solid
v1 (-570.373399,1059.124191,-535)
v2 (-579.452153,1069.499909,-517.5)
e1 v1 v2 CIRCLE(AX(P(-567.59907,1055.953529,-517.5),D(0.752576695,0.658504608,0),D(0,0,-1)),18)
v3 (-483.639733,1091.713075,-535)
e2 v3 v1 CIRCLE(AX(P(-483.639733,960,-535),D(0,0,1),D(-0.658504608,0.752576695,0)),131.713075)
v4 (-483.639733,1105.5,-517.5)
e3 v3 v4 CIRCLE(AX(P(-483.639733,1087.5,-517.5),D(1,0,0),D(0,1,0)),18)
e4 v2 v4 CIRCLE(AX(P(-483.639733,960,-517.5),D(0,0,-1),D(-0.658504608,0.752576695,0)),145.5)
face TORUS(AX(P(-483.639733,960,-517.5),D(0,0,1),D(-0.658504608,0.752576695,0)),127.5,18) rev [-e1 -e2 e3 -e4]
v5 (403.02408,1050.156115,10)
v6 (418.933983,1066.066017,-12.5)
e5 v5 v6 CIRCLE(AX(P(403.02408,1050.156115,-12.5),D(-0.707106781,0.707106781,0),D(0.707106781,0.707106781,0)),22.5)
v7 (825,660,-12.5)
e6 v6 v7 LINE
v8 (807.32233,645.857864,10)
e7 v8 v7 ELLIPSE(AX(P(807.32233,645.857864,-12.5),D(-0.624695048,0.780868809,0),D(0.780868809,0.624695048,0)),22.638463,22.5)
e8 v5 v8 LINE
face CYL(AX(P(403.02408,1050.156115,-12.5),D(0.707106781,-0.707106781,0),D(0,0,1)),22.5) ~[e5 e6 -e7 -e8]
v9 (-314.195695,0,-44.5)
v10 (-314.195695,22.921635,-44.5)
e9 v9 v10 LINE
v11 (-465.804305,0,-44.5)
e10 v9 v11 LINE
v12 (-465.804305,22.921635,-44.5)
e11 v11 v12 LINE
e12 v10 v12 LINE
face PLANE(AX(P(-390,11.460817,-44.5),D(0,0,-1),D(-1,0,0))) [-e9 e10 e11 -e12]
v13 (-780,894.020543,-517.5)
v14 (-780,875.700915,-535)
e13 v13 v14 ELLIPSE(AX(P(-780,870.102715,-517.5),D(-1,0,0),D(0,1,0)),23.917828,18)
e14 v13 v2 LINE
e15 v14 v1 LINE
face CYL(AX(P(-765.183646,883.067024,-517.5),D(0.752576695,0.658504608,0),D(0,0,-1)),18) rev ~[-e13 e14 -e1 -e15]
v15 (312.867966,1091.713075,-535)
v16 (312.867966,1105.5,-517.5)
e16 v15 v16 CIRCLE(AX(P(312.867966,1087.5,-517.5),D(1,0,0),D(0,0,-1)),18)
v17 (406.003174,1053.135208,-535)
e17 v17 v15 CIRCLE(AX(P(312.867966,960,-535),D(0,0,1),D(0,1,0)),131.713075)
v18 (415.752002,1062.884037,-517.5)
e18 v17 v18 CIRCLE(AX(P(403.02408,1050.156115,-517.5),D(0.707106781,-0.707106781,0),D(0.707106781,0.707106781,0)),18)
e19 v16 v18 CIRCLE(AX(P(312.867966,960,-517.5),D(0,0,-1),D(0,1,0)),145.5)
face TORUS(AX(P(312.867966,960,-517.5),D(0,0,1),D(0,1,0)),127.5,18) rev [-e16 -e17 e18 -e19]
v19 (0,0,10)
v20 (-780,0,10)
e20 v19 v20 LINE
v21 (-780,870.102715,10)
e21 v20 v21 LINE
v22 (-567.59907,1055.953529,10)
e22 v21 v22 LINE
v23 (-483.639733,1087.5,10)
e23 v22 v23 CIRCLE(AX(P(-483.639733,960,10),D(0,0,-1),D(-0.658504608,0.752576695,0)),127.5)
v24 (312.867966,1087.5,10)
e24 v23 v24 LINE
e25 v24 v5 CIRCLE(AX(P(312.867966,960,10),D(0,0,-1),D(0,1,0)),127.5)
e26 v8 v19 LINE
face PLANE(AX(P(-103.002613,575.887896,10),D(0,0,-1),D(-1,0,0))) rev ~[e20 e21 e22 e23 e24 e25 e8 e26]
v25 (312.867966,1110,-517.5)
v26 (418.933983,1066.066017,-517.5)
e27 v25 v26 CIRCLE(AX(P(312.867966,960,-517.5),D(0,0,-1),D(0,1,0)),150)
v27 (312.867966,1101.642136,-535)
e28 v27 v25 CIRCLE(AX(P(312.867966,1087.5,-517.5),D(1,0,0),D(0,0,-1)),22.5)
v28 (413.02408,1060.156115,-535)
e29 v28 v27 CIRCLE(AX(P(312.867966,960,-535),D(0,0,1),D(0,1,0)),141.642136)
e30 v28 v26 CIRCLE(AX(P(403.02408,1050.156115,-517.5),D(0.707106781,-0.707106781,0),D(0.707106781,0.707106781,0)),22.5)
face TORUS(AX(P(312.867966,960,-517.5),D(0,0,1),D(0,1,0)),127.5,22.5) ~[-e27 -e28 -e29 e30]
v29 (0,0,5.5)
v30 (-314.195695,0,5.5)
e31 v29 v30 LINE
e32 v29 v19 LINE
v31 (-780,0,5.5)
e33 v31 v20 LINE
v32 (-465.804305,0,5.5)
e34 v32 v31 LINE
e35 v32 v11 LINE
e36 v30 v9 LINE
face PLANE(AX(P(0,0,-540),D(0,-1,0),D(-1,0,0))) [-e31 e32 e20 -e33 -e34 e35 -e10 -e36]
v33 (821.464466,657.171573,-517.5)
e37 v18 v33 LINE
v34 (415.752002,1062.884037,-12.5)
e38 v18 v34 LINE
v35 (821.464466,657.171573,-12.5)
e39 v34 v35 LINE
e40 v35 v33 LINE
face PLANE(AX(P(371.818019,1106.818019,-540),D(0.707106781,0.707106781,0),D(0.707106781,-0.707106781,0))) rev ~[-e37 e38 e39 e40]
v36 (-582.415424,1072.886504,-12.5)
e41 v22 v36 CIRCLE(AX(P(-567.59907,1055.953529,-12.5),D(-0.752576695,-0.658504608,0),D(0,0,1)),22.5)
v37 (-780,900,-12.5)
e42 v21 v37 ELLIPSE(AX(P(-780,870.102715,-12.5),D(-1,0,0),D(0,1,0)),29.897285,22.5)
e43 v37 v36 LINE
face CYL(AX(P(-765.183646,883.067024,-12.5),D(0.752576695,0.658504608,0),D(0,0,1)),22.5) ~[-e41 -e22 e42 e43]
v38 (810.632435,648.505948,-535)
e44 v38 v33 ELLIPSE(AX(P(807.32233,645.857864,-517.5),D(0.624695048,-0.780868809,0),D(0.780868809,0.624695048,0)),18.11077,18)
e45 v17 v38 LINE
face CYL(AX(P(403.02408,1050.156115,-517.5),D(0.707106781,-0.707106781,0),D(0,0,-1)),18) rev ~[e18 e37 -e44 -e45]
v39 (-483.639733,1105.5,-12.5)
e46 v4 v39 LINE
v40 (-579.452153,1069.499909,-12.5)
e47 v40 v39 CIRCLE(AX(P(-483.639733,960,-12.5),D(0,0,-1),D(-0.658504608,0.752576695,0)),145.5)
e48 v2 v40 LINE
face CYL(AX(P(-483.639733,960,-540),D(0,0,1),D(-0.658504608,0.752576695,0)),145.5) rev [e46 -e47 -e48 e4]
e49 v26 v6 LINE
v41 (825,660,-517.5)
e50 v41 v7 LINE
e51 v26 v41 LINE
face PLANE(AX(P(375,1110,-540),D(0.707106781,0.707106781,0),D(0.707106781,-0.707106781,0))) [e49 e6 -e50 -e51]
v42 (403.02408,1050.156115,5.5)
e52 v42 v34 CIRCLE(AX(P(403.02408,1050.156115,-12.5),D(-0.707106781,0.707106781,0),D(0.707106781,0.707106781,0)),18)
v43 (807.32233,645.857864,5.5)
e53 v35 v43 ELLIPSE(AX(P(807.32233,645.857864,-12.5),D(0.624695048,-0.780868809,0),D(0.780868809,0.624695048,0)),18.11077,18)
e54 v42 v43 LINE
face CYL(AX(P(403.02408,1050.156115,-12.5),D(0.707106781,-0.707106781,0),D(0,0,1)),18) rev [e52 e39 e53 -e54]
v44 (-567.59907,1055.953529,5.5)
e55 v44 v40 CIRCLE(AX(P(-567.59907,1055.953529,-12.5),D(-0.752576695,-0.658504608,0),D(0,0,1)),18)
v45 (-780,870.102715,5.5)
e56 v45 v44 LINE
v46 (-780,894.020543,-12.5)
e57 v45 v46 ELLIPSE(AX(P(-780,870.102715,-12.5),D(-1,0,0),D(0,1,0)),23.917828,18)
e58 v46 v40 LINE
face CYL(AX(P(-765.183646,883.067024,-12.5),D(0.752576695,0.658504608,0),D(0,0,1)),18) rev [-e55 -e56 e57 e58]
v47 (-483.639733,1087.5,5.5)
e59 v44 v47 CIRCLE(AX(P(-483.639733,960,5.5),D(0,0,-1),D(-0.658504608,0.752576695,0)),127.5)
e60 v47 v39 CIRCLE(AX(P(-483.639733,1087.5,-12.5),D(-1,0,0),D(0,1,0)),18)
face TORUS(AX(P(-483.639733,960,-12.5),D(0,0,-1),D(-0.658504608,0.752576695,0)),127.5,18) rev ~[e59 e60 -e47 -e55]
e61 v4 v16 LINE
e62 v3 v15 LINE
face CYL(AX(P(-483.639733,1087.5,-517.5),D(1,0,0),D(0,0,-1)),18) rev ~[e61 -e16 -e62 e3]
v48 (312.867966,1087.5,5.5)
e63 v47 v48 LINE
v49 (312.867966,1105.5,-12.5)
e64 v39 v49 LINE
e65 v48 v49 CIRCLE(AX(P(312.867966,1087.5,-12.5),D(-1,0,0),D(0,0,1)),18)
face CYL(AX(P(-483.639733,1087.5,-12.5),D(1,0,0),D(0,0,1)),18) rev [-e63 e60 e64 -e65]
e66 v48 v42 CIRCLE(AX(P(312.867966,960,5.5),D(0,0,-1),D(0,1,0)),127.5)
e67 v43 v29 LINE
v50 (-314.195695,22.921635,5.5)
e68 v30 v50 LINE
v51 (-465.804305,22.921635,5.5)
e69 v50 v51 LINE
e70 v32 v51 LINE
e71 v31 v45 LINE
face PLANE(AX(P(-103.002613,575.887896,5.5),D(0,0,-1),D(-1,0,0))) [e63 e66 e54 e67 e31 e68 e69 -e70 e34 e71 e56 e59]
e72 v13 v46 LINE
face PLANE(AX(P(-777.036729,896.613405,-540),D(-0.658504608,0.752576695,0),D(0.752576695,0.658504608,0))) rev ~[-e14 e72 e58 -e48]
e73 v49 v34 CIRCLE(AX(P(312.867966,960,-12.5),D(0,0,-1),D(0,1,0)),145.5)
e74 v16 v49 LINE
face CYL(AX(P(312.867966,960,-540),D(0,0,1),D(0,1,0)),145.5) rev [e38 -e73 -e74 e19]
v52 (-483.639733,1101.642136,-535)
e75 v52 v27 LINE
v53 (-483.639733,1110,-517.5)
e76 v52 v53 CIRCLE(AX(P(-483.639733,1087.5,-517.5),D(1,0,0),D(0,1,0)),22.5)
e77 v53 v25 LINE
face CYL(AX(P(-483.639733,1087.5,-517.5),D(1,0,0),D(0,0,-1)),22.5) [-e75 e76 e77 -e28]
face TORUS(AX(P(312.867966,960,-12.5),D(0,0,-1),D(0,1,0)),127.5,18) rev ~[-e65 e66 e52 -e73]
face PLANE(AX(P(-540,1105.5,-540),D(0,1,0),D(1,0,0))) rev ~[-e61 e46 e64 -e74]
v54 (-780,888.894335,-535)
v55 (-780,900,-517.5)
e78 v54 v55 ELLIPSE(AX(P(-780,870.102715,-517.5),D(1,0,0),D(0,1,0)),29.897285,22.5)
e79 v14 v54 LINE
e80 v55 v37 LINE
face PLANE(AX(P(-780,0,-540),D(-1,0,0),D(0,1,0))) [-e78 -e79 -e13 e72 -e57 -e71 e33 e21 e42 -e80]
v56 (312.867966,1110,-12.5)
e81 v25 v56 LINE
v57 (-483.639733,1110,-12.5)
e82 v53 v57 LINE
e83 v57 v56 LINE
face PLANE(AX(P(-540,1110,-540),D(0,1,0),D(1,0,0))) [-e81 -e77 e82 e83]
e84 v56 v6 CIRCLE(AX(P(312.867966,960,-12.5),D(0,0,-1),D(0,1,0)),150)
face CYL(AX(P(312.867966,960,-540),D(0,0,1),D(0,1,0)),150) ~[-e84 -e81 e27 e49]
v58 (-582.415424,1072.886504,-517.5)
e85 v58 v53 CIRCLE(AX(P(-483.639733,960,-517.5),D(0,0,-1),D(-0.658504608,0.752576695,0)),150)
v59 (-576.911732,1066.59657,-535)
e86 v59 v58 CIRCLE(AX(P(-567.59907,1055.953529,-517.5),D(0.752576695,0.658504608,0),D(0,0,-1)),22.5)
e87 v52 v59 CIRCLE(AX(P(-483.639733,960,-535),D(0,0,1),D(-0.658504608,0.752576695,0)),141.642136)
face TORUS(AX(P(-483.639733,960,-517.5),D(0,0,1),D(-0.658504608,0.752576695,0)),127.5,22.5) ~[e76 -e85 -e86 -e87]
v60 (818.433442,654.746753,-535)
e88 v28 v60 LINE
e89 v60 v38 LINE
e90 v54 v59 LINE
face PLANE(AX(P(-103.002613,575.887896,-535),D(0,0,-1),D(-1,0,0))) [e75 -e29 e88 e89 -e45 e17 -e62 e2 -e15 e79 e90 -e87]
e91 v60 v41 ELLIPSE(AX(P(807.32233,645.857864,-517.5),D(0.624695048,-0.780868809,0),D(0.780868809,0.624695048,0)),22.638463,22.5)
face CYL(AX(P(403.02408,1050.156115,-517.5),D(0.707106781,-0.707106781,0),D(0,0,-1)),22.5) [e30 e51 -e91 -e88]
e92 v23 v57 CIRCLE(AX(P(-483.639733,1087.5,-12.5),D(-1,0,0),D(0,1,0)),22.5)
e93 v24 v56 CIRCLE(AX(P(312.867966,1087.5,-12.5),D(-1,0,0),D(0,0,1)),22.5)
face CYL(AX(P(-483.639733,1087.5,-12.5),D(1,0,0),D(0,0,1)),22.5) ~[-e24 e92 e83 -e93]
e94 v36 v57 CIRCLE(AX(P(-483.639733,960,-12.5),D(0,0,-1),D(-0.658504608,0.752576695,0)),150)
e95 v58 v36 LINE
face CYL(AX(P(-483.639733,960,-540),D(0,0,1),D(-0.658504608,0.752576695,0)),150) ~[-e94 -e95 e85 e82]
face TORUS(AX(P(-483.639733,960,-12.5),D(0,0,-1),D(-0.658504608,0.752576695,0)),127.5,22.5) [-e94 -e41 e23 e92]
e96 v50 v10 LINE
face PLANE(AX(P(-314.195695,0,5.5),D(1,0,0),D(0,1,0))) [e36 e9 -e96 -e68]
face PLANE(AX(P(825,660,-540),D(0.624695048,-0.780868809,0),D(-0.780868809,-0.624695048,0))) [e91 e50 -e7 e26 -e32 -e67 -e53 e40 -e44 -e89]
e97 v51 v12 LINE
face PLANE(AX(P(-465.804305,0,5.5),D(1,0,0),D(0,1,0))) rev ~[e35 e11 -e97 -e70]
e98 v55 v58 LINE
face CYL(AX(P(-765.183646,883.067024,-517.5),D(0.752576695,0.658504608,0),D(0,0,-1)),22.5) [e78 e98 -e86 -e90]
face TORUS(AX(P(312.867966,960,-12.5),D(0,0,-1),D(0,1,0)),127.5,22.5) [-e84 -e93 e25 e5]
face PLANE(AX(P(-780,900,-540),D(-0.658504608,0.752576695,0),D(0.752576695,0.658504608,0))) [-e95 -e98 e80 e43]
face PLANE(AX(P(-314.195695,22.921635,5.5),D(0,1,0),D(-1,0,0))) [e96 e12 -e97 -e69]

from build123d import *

# Parameters (mm, degrees)
BOSS_EXTRUDE1_DEPTH      = 10
BOSS_EXTRUDE1_DEPTH_BACK = 540
FILLET1_R                = 150
FILLET2_R                = 22.5
SHELL1_T                 = -4.5
CUT_EXTRUDE1_START       = -535
CUT_EXTRUDE1_DEPTH       = 79
SKETCH2_W                = 151.608609382
SKETCH2_H                = 22.921634695
BOSS_EXTRUDE2_DEPTH      = 50


with BuildPart() as part:
    # Sketch1 → Boss-Extrude1 (new, two sides: drawn at the far end of the back side and taken through both)
    with BuildSketch(Plane.XY.offset(-BOSS_EXTRUDE1_DEPTH_BACK)):
        Polygon((0, 0), (-780, 0), (-780, 900), (-540, 1110), (375, 1110), (825, 660), align=None)
    extrude(amount=BOSS_EXTRUDE1_DEPTH + BOSS_EXTRUDE1_DEPTH_BACK)

    # Fillet1
    fillet1_edges = [part.edges().sort_by_distance(p)[0] for p in [
        (-540, 1110, -265),
        (375, 1110, -265),
    ]]
    fillet(fillet1_edges, radius=FILLET1_R)

    # Fillet2
    fillet2_edges = [part.edges().sort_by_distance(p)[0] for p in [
        (621.966991411, 863.033008589, -540),
        (-85.38588347, 1110, -540),
        (-85.38588347, 1110, 10),
        (-681.207711882, 986.443252103, -540),
        (-536.398733566, 1100.415411602, -540),
        (370.270480499, 1098.581929877, -540),
        (-681.207711882, 986.443252103, 10),
        (-536.398733566, 1100.415411602, 10),
        (370.270480499, 1098.581929877, 10),
        (621.966991411, 863.033008589, 10),
    ]]
    fillet(fillet2_edges, radius=FILLET2_R)

    # Shell1
    shell1_openings = [part.faces().sort_by_distance(p)[0] for p in [
        (-390, 0, -265),
        (-780, 449.741271018, -265),
        (412.346232546, 329.876986037, -265),
    ]]
    offset(amount=SHELL1_T, openings=shell1_openings)

    # Sketch1<2> → Cut-Extrude1 (cut)
    with BuildSketch(Plane.XY.offset(CUT_EXTRUDE1_START)):
        Polygon((0, 0), (-780, 0), (-780, 900), (-540, 1110), (375, 1110), (825, 660), align=None)
    extrude(amount=-CUT_EXTRUDE1_DEPTH, mode=Mode.SUBTRACT)

    # Sketch2 → Boss-Extrude2 (add)
    with BuildSketch(Plane(origin=(0, 0, 5.5), x_dir=(-1, 0, 0), z_dir=(0, 0, -1))):
        with Locations((390, 11.460817348)):
            Rectangle(SKETCH2_W, SKETCH2_H)
    extrude(amount=BOSS_EXTRUDE2_DEPTH)


solid = part.part
